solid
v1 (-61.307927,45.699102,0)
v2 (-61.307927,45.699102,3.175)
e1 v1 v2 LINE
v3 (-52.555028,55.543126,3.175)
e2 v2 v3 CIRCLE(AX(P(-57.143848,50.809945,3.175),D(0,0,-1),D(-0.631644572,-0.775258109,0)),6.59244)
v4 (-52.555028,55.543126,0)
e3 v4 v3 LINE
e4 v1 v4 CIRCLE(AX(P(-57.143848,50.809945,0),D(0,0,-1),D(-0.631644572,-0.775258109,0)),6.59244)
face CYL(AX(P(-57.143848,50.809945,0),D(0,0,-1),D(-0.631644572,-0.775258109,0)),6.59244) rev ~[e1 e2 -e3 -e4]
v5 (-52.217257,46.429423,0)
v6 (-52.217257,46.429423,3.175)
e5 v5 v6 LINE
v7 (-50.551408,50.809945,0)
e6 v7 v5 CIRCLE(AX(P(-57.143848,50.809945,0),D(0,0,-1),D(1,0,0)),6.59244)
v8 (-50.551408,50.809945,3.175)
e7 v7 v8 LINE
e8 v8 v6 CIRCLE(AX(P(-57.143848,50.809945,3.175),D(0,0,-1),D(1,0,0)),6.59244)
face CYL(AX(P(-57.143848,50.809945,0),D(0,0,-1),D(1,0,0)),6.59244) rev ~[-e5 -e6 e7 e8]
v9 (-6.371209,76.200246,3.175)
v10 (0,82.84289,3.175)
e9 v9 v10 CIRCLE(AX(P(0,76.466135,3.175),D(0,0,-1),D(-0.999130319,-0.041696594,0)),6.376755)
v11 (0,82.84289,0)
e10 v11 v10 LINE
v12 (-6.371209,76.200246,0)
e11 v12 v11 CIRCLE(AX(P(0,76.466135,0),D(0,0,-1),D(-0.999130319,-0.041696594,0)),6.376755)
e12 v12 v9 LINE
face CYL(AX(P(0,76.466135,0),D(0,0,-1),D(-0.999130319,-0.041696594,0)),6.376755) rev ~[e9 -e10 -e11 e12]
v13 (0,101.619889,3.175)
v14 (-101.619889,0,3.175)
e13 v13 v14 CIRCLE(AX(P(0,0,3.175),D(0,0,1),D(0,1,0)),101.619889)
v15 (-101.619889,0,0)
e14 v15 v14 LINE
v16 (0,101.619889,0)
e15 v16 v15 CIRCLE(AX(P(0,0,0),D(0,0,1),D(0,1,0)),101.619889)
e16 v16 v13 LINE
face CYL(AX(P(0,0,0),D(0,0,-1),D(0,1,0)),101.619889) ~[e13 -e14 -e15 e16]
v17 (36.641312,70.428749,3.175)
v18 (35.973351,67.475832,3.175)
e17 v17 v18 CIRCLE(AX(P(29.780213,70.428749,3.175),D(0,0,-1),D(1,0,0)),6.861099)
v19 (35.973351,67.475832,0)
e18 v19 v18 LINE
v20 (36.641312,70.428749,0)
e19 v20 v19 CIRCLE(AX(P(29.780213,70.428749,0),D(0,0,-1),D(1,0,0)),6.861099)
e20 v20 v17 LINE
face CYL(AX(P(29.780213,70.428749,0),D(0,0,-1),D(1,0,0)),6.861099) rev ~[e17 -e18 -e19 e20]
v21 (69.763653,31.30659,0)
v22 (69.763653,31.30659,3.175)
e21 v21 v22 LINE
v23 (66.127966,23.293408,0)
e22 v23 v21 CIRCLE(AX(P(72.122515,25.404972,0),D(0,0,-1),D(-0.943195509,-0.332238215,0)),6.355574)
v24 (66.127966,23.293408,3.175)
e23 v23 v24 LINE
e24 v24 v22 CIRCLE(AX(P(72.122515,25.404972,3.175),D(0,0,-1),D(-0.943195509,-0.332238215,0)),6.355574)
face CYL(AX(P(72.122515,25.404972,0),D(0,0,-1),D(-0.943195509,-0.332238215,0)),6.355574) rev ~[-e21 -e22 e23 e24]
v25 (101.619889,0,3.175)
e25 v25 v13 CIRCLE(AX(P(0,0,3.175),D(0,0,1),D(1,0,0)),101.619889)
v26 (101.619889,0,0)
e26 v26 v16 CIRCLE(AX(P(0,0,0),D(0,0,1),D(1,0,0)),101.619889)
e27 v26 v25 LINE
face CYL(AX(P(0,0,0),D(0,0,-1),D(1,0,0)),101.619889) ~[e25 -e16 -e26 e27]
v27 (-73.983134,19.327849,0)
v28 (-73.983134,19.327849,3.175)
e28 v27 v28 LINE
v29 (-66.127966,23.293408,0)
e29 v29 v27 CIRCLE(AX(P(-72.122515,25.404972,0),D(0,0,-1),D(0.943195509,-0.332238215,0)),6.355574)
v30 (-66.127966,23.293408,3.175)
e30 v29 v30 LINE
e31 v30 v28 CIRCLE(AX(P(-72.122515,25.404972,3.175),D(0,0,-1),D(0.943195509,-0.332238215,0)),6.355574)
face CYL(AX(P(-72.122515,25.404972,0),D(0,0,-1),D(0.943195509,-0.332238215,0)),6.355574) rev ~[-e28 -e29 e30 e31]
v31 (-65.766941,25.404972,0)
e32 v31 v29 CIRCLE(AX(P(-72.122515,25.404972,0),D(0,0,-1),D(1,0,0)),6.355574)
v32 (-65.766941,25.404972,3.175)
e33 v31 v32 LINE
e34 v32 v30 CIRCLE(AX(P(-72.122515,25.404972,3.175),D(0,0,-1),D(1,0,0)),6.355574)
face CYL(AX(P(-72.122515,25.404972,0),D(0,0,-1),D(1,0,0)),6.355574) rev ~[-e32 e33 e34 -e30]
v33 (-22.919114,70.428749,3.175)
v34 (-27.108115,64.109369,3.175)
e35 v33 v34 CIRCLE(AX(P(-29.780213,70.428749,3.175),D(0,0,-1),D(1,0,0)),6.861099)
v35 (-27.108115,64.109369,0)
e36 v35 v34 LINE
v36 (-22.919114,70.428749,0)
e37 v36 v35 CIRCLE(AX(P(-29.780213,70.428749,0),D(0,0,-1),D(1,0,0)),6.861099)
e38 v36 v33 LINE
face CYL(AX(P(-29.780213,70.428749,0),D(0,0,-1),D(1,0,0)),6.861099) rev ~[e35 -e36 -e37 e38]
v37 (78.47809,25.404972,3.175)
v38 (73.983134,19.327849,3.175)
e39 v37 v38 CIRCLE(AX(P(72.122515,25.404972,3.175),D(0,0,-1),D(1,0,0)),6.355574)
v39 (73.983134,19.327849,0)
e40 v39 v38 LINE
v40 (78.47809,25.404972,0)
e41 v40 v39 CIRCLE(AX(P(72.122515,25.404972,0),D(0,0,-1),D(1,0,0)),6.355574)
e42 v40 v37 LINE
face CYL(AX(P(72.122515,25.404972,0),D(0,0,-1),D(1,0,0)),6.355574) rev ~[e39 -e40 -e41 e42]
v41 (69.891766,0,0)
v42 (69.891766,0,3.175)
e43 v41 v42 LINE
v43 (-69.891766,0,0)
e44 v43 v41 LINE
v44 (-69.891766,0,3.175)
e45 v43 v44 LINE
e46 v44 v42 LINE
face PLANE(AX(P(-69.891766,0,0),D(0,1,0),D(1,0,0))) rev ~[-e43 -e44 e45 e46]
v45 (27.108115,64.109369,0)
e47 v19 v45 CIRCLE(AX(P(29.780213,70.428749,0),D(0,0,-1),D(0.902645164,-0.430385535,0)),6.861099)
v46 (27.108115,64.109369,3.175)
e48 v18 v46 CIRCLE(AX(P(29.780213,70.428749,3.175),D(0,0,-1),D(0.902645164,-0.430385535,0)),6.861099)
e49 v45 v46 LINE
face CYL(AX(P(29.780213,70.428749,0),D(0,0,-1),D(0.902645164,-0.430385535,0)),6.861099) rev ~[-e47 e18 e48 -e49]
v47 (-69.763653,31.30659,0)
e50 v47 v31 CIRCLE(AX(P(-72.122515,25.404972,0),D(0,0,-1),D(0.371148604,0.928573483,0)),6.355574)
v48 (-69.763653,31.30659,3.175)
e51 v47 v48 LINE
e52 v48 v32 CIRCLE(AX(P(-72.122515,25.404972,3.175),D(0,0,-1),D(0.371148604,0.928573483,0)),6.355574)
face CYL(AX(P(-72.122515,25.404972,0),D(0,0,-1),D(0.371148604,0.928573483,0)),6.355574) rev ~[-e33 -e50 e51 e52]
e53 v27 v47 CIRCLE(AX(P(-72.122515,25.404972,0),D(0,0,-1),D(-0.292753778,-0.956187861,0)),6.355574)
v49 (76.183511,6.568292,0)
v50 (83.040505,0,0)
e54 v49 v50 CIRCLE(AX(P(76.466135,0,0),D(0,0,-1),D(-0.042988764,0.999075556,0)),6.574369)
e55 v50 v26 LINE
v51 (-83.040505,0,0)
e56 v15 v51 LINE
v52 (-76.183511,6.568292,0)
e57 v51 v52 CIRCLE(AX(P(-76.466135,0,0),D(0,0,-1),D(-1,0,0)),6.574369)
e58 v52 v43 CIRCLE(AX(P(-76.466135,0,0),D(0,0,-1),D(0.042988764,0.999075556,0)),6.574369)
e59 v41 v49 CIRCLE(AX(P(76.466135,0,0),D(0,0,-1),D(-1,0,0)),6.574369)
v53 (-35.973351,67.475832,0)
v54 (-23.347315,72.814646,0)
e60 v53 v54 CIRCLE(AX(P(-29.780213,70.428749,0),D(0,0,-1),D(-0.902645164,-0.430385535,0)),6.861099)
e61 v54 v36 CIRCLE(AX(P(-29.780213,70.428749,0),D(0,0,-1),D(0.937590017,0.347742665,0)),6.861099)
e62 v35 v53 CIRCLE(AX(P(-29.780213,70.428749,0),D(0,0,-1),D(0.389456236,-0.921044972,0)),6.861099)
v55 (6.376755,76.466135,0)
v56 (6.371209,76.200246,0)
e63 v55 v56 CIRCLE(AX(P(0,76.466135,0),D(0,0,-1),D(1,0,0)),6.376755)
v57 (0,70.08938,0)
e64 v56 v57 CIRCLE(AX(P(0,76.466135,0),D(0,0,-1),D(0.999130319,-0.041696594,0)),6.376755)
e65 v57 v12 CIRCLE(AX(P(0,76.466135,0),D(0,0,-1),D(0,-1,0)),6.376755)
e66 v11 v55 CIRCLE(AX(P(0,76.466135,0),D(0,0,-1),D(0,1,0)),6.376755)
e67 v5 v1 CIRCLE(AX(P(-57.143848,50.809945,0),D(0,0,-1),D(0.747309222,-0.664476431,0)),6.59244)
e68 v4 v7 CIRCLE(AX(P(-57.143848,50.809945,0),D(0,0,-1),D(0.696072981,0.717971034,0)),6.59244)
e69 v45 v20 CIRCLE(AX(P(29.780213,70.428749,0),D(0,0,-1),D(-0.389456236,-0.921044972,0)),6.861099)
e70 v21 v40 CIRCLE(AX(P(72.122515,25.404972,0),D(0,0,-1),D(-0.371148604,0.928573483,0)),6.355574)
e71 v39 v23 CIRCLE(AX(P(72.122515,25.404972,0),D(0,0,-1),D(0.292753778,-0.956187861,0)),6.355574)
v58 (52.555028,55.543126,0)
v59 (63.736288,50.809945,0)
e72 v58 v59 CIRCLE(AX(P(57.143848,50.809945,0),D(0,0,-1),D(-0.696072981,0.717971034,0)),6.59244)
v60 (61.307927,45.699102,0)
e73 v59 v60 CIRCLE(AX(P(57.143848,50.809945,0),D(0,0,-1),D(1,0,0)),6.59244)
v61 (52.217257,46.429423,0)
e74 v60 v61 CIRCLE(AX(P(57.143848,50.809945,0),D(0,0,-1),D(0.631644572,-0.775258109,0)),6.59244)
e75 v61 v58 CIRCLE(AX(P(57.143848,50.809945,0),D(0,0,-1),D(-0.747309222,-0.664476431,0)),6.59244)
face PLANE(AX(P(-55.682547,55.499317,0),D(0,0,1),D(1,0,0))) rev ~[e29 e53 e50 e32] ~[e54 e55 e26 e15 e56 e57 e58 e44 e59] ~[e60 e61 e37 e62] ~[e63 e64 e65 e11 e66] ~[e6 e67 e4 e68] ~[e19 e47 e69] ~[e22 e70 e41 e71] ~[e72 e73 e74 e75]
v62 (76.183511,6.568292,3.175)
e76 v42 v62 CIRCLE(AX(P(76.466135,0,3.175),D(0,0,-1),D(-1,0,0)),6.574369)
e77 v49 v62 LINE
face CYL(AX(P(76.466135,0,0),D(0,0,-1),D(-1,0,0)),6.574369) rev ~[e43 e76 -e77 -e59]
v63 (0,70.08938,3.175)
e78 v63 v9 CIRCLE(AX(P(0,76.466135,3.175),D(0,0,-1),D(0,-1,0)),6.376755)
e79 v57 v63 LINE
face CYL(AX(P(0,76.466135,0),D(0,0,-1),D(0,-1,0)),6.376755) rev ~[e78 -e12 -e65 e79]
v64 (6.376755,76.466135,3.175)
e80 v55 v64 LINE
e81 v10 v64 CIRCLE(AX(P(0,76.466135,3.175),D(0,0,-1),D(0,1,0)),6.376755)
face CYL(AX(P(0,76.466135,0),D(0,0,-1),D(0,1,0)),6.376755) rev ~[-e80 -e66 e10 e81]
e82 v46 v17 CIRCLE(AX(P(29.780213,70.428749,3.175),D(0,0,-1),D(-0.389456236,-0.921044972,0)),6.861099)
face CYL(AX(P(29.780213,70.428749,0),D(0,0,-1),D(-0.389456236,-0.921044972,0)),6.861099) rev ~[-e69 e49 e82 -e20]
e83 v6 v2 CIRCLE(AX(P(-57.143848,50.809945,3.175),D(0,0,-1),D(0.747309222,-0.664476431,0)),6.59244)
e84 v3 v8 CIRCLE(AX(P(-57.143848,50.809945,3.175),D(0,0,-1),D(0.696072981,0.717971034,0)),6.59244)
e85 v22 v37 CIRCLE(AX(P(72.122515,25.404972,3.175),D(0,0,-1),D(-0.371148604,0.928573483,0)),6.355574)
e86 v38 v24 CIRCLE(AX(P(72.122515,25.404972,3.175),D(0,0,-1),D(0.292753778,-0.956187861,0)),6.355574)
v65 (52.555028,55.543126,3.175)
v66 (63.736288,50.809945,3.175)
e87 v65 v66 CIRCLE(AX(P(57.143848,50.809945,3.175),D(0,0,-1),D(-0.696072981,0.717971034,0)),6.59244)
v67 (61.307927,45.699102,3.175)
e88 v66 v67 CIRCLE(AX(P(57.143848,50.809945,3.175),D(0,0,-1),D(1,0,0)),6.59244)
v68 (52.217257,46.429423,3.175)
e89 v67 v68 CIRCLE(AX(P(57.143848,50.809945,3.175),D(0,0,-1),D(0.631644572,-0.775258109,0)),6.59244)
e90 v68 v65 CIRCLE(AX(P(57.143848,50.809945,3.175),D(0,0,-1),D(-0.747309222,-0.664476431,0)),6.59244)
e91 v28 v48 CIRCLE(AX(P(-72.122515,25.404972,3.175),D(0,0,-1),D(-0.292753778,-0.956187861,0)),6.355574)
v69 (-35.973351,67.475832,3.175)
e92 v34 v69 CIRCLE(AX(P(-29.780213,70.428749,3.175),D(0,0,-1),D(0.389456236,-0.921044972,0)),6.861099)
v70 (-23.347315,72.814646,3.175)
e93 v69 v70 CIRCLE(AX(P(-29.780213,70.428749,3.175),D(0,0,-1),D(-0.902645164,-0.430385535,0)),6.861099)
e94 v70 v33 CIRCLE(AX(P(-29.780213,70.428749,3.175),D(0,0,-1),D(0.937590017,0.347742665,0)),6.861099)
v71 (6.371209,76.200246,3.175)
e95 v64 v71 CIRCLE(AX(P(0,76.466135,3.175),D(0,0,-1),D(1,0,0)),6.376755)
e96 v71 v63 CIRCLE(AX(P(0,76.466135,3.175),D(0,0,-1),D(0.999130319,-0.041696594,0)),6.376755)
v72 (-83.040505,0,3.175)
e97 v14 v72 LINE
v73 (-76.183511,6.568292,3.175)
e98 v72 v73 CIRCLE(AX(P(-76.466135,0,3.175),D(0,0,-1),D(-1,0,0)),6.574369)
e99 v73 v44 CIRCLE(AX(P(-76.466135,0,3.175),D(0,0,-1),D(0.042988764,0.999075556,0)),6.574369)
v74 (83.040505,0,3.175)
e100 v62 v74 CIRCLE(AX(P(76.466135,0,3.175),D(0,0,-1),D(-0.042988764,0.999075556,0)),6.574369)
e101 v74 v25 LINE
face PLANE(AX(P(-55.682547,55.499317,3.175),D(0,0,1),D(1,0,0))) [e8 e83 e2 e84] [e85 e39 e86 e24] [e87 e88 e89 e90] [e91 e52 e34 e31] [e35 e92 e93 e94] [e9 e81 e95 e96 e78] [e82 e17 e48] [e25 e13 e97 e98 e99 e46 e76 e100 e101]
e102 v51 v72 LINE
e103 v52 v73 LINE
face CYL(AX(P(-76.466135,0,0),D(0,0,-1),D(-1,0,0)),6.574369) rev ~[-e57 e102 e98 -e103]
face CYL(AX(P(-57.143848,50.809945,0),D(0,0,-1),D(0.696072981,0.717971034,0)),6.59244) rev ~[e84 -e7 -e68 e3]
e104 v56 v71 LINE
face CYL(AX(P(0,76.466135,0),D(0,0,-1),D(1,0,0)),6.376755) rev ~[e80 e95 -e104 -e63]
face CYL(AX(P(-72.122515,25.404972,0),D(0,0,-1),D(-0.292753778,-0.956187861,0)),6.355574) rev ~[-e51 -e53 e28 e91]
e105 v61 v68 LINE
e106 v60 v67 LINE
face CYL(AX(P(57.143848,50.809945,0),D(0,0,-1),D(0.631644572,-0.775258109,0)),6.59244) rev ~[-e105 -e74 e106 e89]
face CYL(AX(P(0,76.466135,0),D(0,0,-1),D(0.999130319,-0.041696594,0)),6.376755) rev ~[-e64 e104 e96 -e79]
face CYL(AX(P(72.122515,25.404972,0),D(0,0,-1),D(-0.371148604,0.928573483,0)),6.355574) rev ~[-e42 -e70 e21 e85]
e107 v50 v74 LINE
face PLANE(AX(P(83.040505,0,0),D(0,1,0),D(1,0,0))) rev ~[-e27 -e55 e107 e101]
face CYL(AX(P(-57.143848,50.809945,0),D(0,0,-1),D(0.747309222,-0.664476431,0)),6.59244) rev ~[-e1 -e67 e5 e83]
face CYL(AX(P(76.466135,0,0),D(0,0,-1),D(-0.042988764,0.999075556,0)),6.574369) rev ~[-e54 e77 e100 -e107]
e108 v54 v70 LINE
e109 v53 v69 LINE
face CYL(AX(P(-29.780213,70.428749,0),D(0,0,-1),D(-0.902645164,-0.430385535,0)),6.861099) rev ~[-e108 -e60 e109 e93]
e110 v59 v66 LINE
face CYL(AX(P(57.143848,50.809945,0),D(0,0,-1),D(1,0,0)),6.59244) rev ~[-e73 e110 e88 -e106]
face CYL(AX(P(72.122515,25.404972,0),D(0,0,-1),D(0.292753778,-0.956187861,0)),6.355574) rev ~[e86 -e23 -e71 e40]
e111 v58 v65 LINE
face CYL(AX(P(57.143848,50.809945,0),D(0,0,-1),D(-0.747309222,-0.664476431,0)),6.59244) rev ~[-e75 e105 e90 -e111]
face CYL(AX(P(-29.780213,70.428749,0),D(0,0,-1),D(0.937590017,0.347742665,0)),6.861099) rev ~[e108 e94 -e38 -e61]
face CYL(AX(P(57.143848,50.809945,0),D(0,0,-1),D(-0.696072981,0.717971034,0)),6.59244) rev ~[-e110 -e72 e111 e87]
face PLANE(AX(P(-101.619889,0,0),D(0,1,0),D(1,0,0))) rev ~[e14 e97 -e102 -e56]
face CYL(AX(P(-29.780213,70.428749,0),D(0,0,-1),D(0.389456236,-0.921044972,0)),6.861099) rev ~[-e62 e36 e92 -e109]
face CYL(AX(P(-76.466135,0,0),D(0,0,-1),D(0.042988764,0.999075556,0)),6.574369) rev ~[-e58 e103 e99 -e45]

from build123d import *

# Parameters (mm, degrees)
F1_DEPTH = 3.175


with BuildPart() as f1:
    # F0 (on Top) → F1 (new body)
    with BuildSketch(Plane.XY):
        with BuildLine():
            Line((0, 82.8428900972), (0, 101.6198892983))
            ThreePointArc((0, 101.6198892983), (-71.8561128263, 71.8561128263), (-101.6198892983, 0))
            Line((-101.6198892983, 0), (-83.0405046204, 0))
            ThreePointArc((-83.0405046204, 0), (-81.0138961368, 4.747652407), (-76.1835112753, 6.5682916938))
            ThreePointArc((-76.1835112753, 6.5682916938), (-75.3538778245, 12.9947275008), (-73.9831338439, 19.3278491468))
            ThreePointArc((-73.9831338439, 19.3278491468), (-78.1170647151, 27.5165370514), (-69.7636527981, 31.306590269))
            ThreePointArc((-69.7636527981, 31.306590269), (-65.9297039839, 38.7342739522), (-61.3079271878, 45.6991018505))
            ThreePointArc((-61.3079271878, 45.6991018505), (-62.070439488, 55.1904658501), (-52.5550284868, 55.5431258281))
            ThreePointArc((-52.5550284868, 55.5431258281), (-44.6644810596, 62.0657230497), (-35.973351178, 67.4758316068))
            ThreePointArc((-35.973351178, 67.4758316068), (-32.4523110588, 76.7481303158), (-23.3473151394, 72.8146463412))
            ThreePointArc((-23.3473151394, 72.8146463412), (-14.9553750219, 74.9893766074), (-6.3712090649, 76.200246332))
            ThreePointArc((-6.3712090649, 76.200246332), (-4.6020924898, 80.8801750033), (0, 82.8428900972))
        make_face()
        with BuildLine():
            Line((83.0405046204, 0), (101.6198892983, 0))
            ThreePointArc((101.6198892983, 0), (71.8561128263, 71.8561128263), (0, 101.6198892983))
            Line((0, 101.6198892983), (0, 82.8428900972))
            ThreePointArc((0, 82.8428900972), (4.509046567, 80.9751818558), (6.3767548084, 76.4661352888))
            ThreePointArc((6.3767548084, 76.4661352888), (6.3753682218, 76.3331618962), (6.3712090649, 76.200246332))
            ThreePointArc((6.3712090649, 76.200246332), (14.9553750219, 74.9893766074), (23.3473151394, 72.8146463412))
            ThreePointArc((23.3473151394, 72.8146463412), (30.9922218938, 77.1819499048), (36.641312364, 70.4287494368))
            ThreePointArc((36.641312364, 70.4287494368), (36.4722388851, 68.9149879086), (35.973351178, 67.4758316068))
            ThreePointArc((35.973351178, 67.4758316068), (44.6644810596, 62.0657230497), (52.5550284868, 55.5431258281))
            ThreePointArc((52.5550284868, 55.5431258281), (59.71374592, 56.8808501906), (63.7362883578, 50.8099446492))
            ThreePointArc((63.7362883578, 50.8099446492), (63.0983300746, 47.9807375127), (61.3079271878, 45.6991018505))
            ThreePointArc((61.3079271878, 45.6991018505), (65.9297039839, 38.7342739522), (69.7636527981, 31.306590269))
            ThreePointArc((69.7636527981, 31.306590269), (75.6863195554, 30.6673507833), (78.478089889, 25.4049723246))
            ThreePointArc((78.478089889, 25.4049723246), (77.232242702, 21.625552529), (73.9831338439, 19.3278491468))
            ThreePointArc((73.9831338439, 19.3278491468), (75.3538778245, 12.9947275008), (76.1835112753, 6.5682916938))
            ThreePointArc((76.1835112753, 6.5682916938), (81.0138961368, 4.747652407), (83.0405046204, 0))
        make_face()
        with BuildLine():
            ThreePointArc((6.3712090649, 76.200246332), (4.4140397145, 71.864042799), (0, 70.0893804804))
            Line((0, 70.0893804804), (0, 0))
            Line((0, 0), (27.1081153594, 64.1093685577))
            ThreePointArc((27.1081153594, 64.1093685577), (23.4817449036, 67.7077241487), (23.3473151394, 72.8146463412))
            ThreePointArc((23.3473151394, 72.8146463412), (14.9553750219, 74.9893766074), (6.3712090649, 76.200246332))
        make_face()
        with BuildLine():
            ThreePointArc((0, 70.0893804804), (-4.4140397145, 71.864042799), (-6.3712090649, 76.200246332))
            ThreePointArc((-6.3712090649, 76.200246332), (-14.9553750219, 74.9893766074), (-23.3473151394, 72.8146463412))
            ThreePointArc((-23.3473151394, 72.8146463412), (-23.0270127411, 71.6407581215), (-22.9191140542, 70.4287494368))
            ThreePointArc((-22.9191140542, 70.4287494368), (-24.0614629124, 66.6378950928), (-27.1081153594, 64.1093685577))
            Line((-27.1081153594, 64.1093685577), (0, 0))
            Line((0, 0), (0, 70.0893804804))
        make_face()
        with BuildLine():
            Line((52.217256626, 46.4294234482), (0, 0))
            Line((0, 0), (66.1279660789, 23.2934075977))
            ThreePointArc((66.1279660789, 23.2934075977), (66.3348002352, 28.0309350677), (69.7636527981, 31.306590269))
            ThreePointArc((69.7636527981, 31.306590269), (65.9297039839, 38.7342739522), (61.3079271878, 45.6991018505))
            ThreePointArc((61.3079271878, 45.6991018505), (56.6159288766, 44.2386760913), (52.217256626, 46.4294234482))
        make_face()
        with BuildLine():
            ThreePointArc((69.8917659573, 0), (71.7184828819, 4.547760848), (76.1835112753, 6.5682916938))
            ThreePointArc((76.1835112753, 6.5682916938), (75.3538778245, 12.9947275008), (73.9831338439, 19.3278491468))
            ThreePointArc((73.9831338439, 19.3278491468), (69.2582948104, 19.7313872539), (66.1279660789, 23.2934075977))
            Line((66.1279660789, 23.2934075977), (0, 0))
            Line((0, 0), (69.8917659573, 0))
        make_face()
        with BuildLine():
            Line((-52.217256626, 46.4294234482), (0, 0))
            Line((0, 0), (-27.1081153594, 64.1093685577))
            ThreePointArc((-27.1081153594, 64.1093685577), (-32.215926502, 64.014547821), (-35.973351178, 67.4758316068))
            ThreePointArc((-35.973351178, 67.4758316068), (-44.6644810596, 62.0657230497), (-52.5550284868, 55.5431258281))
            ThreePointArc((-52.5550284868, 55.5431258281), (-51.0729425155, 53.3798425122), (-50.5514077561, 50.8099446492))
            ThreePointArc((-50.5514077561, 50.8099446492), (-50.9819275359, 48.4666553772), (-52.217256626, 46.4294234482))
        make_face()
        with BuildLine():
            Line((-66.1279660789, 23.2934075977), (0, 0))
            Line((0, 0), (-52.217256626, 46.4294234482))
            ThreePointArc((-52.217256626, 46.4294234482), (-56.6159288766, 44.2386760913), (-61.3079271878, 45.6991018505))
            ThreePointArc((-61.3079271878, 45.6991018505), (-65.9297039839, 38.7342739522), (-69.7636527981, 31.306590269))
            ThreePointArc((-69.7636527981, 31.306590269), (-66.8601369383, 28.968776483), (-65.7669409051, 25.4049723246))
            ThreePointArc((-65.7669409051, 25.4049723246), (-65.8578473348, 24.3338695317), (-66.1279660789, 23.2934075977))
        make_face()
        with BuildLine():
            ThreePointArc((-73.9831338439, 19.3278491468), (-75.3538778245, 12.9947275008), (-76.1835112753, 6.5682916938))
            ThreePointArc((-76.1835112753, 6.5682916938), (-71.7184828819, 4.547760848), (-69.8917659573, 0))
            Line((-69.8917659573, 0), (0, 0))
            Line((0, 0), (-66.1279660789, 23.2934075977))
            ThreePointArc((-66.1279660789, 23.2934075977), (-69.2582948104, 19.7313872539), (-73.9831338439, 19.3278491468))
        make_face()
        with BuildLine():
            Line((27.1081153594, 64.1093685577), (0, 0))
            Line((0, 0), (52.217256626, 46.4294234482))
            ThreePointArc((52.217256626, 46.4294234482), (50.5559307535, 51.0541059125), (52.5550284868, 55.5431258281))
            ThreePointArc((52.5550284868, 55.5431258281), (44.6644810596, 62.0657230497), (35.973351178, 67.4758316068))
            ThreePointArc((35.973351178, 67.4758316068), (32.215926502, 64.014547821), (27.1081153594, 64.1093685577))
        make_face()
    extrude(amount=F1_DEPTH)


solid = f1.part
